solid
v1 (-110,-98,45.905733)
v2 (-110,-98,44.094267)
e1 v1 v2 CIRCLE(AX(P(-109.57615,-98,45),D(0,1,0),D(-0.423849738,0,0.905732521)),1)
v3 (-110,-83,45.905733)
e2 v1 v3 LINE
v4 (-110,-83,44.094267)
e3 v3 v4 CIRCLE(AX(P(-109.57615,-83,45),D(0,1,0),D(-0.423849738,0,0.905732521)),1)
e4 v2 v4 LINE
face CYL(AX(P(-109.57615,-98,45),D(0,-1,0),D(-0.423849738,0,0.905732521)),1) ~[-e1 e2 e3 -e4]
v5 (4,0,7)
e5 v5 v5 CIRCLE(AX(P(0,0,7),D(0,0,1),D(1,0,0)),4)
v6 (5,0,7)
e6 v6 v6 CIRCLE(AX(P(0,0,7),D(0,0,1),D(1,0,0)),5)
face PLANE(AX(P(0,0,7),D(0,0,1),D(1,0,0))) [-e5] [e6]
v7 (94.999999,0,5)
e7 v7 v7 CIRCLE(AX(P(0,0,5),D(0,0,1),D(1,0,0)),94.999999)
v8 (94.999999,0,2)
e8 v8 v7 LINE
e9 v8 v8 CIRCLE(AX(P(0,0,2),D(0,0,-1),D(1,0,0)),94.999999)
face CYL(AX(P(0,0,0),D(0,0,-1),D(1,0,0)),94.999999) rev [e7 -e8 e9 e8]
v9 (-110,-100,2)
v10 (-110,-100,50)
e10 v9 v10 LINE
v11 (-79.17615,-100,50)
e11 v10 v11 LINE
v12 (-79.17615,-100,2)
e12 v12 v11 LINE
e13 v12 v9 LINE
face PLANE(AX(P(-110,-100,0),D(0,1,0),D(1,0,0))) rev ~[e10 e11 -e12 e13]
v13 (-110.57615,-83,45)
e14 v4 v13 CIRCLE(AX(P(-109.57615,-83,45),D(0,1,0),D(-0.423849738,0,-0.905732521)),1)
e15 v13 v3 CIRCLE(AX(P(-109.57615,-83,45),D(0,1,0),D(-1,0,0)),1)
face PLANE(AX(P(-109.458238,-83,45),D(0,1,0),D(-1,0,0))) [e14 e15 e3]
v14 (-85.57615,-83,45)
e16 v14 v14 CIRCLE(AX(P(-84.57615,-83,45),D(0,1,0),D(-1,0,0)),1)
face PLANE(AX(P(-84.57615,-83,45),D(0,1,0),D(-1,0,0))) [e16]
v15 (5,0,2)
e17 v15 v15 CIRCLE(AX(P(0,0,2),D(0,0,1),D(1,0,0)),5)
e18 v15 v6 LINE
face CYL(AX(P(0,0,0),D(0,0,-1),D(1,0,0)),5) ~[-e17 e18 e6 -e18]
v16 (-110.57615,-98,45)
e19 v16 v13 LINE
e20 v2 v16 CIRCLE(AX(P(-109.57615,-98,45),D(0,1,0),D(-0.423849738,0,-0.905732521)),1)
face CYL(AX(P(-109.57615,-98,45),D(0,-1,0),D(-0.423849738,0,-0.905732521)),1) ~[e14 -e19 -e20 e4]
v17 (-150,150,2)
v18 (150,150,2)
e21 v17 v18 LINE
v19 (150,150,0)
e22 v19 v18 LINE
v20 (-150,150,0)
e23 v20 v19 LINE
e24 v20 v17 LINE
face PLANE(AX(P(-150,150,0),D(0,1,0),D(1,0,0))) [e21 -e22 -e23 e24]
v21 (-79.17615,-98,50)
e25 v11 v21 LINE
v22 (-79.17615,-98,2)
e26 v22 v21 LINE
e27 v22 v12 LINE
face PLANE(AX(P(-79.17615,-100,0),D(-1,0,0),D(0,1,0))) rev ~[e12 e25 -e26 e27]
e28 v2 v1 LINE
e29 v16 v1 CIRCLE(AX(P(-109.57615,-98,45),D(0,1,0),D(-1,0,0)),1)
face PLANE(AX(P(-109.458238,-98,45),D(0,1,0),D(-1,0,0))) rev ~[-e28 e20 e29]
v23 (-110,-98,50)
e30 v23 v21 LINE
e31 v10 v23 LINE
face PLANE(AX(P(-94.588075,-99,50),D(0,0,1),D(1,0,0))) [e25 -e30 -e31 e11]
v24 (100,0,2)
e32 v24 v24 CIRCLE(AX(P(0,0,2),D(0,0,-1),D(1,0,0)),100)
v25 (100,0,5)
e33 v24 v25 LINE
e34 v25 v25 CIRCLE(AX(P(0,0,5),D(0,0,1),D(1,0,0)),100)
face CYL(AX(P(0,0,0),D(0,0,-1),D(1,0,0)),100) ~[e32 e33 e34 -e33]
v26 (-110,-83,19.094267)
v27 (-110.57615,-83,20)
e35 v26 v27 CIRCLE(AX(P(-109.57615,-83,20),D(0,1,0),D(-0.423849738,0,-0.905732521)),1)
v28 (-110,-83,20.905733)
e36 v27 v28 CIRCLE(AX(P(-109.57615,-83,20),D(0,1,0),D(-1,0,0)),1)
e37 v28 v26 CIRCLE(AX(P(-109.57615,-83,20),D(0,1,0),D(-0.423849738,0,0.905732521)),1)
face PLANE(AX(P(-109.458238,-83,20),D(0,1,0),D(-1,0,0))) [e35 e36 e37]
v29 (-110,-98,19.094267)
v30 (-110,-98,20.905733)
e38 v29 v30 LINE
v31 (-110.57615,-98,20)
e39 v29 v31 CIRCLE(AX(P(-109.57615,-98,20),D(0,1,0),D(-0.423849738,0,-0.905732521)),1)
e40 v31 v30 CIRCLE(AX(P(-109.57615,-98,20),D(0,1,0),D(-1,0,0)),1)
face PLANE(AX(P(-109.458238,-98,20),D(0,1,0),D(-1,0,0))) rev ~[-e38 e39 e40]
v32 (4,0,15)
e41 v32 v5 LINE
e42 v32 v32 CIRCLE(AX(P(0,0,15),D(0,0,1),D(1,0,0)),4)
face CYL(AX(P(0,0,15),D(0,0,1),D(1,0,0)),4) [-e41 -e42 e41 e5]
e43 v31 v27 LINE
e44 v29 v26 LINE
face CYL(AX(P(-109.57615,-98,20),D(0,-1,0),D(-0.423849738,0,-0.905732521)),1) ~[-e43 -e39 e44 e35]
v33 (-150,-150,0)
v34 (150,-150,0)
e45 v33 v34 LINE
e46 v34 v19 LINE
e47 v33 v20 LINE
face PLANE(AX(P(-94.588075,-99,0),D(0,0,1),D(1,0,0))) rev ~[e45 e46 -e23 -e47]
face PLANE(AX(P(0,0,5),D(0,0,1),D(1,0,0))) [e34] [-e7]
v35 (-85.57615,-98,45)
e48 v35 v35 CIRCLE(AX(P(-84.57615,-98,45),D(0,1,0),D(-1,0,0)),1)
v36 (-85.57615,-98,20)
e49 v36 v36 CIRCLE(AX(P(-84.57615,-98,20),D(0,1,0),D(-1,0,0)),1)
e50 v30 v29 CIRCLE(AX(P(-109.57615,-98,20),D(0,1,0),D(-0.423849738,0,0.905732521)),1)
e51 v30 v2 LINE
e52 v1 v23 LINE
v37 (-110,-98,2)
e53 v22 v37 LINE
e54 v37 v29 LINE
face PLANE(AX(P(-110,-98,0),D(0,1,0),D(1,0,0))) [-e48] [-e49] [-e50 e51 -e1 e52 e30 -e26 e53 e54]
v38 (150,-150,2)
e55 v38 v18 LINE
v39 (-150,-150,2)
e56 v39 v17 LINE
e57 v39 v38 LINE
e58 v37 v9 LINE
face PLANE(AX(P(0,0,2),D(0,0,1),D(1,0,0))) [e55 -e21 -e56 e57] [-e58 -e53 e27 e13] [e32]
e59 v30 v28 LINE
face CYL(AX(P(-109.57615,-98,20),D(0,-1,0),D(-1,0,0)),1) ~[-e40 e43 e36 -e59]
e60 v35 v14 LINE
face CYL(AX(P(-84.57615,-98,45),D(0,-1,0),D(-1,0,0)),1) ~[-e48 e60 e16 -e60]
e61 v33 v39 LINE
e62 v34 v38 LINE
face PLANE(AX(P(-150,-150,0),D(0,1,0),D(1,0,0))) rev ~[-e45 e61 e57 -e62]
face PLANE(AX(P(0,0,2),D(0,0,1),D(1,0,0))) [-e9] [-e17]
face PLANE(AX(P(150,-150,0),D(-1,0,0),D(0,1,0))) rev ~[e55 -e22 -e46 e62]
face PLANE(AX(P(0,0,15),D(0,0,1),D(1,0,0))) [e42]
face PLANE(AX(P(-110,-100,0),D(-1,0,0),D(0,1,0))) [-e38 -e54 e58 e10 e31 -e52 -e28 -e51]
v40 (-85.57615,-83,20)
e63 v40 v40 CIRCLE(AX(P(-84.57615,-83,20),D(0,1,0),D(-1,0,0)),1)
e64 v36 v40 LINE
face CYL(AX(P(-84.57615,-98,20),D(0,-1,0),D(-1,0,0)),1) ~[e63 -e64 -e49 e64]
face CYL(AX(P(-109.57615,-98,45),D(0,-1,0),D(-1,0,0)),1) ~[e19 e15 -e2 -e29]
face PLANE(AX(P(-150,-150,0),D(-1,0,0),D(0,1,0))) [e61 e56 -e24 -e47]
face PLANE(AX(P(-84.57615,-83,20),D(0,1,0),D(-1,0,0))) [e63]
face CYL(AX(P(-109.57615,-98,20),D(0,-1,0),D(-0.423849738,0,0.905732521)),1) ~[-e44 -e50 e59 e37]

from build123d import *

# Parameters (mm, degrees)
F0_W     = 300
F0_H     = 300
F0_W_2   = 30.8238497376
F0_H_2   = 2
F0_R     = 100
F0_R_2   = 94.9999988079
F0_R_3   = 5
F1_DEPTH = 2
F2_DEPTH = 15
F3_DEPTH = 5
F4_DEPTH = 50
F5_R     = 1
F6_DEPTH = 15
F7_R     = 5
F7_R_2   = 4
F8_DEPTH = 8


with BuildPart() as f1:
    # F0 (on Top) → F1 (new body)
    with BuildSketch(Plane.XY):
        Rectangle(F0_W, F0_H)
        with Locations((-94.5880751312, -99)):
            Rectangle(F0_W_2, F0_H_2, mode=Mode.SUBTRACT)
        Circle(F0_R, mode=Mode.SUBTRACT)
        Circle(F0_R)
        Circle(F0_R_2, mode=Mode.SUBTRACT)
        Circle(F0_R_2)
        Circle(F0_R_3, mode=Mode.SUBTRACT)
        with Locations((-94.5880751312, -99)):
            Rectangle(F0_W_2, F0_H_2)
    extrude(amount=F1_DEPTH)

    # F0 (on Top) → F2 (join)
    with BuildSketch(Plane.XY):
        Circle(F0_R_3)
    extrude(amount=F2_DEPTH)

    # F0 (on Top) → F3 (join)
    with BuildSketch(Plane.XY):
        Circle(F0_R)
        Circle(F0_R_2, mode=Mode.SUBTRACT)
    extrude(amount=F3_DEPTH)

    # F0 (on Top) → F4 (join)
    with BuildSketch(Plane.XY):
        with Locations((-94.5880751312, -99)):
            Rectangle(F0_W_2, F0_H_2)
    extrude(amount=F4_DEPTH)

    # F5 (on face) → F6 (join)
    with BuildSketch(Plane(origin=(0, -98, 0), x_dir=(-1, 0, 0), z_dir=(0, 1, 0))):
        with Locations((84.5761502624, 45)):
            Circle(F5_R)
        with BuildLine():
            Line((110, 44.0942674788), (110, 45.9057325212))
            ThreePointArc((110, 45.9057325212), (108.5761502624, 45), (110, 44.0942674788))
        make_face()
        with BuildLine():
            ThreePointArc((110, 44.0942674788), (110.4199066661, 44.4632736906), (110.5761502624, 45))
            ThreePointArc((110.5761502624, 45), (110.4199066661, 45.5367263094), (110, 45.9057325212))
            Line((110, 45.9057325212), (110, 44.0942674788))
        make_face()
        with BuildLine():
            Line((110, 19.0942674788), (110, 20.9057325212))
            ThreePointArc((110, 20.9057325212), (108.5761502624, 20), (110, 19.0942674788))
        make_face()
        with BuildLine():
            ThreePointArc((110.5761502624, 20), (110.4199066661, 20.5367263094), (110, 20.9057325212))
            Line((110, 20.9057325212), (110, 19.0942674788))
            ThreePointArc((110, 19.0942674788), (110.4199066661, 19.4632736906), (110.5761502624, 20))
        make_face()
        with Locations((84.5761502624, 20)):
            Circle(F5_R)
    extrude(amount=F6_DEPTH)

    # F7 (on face) → F8 (cut)
    with BuildSketch(Plane.XY.offset(15)):
        Circle(F7_R)
        Circle(F7_R_2, mode=Mode.SUBTRACT)
    extrude(amount=-F8_DEPTH, mode=Mode.SUBTRACT)


solid = f1.part
